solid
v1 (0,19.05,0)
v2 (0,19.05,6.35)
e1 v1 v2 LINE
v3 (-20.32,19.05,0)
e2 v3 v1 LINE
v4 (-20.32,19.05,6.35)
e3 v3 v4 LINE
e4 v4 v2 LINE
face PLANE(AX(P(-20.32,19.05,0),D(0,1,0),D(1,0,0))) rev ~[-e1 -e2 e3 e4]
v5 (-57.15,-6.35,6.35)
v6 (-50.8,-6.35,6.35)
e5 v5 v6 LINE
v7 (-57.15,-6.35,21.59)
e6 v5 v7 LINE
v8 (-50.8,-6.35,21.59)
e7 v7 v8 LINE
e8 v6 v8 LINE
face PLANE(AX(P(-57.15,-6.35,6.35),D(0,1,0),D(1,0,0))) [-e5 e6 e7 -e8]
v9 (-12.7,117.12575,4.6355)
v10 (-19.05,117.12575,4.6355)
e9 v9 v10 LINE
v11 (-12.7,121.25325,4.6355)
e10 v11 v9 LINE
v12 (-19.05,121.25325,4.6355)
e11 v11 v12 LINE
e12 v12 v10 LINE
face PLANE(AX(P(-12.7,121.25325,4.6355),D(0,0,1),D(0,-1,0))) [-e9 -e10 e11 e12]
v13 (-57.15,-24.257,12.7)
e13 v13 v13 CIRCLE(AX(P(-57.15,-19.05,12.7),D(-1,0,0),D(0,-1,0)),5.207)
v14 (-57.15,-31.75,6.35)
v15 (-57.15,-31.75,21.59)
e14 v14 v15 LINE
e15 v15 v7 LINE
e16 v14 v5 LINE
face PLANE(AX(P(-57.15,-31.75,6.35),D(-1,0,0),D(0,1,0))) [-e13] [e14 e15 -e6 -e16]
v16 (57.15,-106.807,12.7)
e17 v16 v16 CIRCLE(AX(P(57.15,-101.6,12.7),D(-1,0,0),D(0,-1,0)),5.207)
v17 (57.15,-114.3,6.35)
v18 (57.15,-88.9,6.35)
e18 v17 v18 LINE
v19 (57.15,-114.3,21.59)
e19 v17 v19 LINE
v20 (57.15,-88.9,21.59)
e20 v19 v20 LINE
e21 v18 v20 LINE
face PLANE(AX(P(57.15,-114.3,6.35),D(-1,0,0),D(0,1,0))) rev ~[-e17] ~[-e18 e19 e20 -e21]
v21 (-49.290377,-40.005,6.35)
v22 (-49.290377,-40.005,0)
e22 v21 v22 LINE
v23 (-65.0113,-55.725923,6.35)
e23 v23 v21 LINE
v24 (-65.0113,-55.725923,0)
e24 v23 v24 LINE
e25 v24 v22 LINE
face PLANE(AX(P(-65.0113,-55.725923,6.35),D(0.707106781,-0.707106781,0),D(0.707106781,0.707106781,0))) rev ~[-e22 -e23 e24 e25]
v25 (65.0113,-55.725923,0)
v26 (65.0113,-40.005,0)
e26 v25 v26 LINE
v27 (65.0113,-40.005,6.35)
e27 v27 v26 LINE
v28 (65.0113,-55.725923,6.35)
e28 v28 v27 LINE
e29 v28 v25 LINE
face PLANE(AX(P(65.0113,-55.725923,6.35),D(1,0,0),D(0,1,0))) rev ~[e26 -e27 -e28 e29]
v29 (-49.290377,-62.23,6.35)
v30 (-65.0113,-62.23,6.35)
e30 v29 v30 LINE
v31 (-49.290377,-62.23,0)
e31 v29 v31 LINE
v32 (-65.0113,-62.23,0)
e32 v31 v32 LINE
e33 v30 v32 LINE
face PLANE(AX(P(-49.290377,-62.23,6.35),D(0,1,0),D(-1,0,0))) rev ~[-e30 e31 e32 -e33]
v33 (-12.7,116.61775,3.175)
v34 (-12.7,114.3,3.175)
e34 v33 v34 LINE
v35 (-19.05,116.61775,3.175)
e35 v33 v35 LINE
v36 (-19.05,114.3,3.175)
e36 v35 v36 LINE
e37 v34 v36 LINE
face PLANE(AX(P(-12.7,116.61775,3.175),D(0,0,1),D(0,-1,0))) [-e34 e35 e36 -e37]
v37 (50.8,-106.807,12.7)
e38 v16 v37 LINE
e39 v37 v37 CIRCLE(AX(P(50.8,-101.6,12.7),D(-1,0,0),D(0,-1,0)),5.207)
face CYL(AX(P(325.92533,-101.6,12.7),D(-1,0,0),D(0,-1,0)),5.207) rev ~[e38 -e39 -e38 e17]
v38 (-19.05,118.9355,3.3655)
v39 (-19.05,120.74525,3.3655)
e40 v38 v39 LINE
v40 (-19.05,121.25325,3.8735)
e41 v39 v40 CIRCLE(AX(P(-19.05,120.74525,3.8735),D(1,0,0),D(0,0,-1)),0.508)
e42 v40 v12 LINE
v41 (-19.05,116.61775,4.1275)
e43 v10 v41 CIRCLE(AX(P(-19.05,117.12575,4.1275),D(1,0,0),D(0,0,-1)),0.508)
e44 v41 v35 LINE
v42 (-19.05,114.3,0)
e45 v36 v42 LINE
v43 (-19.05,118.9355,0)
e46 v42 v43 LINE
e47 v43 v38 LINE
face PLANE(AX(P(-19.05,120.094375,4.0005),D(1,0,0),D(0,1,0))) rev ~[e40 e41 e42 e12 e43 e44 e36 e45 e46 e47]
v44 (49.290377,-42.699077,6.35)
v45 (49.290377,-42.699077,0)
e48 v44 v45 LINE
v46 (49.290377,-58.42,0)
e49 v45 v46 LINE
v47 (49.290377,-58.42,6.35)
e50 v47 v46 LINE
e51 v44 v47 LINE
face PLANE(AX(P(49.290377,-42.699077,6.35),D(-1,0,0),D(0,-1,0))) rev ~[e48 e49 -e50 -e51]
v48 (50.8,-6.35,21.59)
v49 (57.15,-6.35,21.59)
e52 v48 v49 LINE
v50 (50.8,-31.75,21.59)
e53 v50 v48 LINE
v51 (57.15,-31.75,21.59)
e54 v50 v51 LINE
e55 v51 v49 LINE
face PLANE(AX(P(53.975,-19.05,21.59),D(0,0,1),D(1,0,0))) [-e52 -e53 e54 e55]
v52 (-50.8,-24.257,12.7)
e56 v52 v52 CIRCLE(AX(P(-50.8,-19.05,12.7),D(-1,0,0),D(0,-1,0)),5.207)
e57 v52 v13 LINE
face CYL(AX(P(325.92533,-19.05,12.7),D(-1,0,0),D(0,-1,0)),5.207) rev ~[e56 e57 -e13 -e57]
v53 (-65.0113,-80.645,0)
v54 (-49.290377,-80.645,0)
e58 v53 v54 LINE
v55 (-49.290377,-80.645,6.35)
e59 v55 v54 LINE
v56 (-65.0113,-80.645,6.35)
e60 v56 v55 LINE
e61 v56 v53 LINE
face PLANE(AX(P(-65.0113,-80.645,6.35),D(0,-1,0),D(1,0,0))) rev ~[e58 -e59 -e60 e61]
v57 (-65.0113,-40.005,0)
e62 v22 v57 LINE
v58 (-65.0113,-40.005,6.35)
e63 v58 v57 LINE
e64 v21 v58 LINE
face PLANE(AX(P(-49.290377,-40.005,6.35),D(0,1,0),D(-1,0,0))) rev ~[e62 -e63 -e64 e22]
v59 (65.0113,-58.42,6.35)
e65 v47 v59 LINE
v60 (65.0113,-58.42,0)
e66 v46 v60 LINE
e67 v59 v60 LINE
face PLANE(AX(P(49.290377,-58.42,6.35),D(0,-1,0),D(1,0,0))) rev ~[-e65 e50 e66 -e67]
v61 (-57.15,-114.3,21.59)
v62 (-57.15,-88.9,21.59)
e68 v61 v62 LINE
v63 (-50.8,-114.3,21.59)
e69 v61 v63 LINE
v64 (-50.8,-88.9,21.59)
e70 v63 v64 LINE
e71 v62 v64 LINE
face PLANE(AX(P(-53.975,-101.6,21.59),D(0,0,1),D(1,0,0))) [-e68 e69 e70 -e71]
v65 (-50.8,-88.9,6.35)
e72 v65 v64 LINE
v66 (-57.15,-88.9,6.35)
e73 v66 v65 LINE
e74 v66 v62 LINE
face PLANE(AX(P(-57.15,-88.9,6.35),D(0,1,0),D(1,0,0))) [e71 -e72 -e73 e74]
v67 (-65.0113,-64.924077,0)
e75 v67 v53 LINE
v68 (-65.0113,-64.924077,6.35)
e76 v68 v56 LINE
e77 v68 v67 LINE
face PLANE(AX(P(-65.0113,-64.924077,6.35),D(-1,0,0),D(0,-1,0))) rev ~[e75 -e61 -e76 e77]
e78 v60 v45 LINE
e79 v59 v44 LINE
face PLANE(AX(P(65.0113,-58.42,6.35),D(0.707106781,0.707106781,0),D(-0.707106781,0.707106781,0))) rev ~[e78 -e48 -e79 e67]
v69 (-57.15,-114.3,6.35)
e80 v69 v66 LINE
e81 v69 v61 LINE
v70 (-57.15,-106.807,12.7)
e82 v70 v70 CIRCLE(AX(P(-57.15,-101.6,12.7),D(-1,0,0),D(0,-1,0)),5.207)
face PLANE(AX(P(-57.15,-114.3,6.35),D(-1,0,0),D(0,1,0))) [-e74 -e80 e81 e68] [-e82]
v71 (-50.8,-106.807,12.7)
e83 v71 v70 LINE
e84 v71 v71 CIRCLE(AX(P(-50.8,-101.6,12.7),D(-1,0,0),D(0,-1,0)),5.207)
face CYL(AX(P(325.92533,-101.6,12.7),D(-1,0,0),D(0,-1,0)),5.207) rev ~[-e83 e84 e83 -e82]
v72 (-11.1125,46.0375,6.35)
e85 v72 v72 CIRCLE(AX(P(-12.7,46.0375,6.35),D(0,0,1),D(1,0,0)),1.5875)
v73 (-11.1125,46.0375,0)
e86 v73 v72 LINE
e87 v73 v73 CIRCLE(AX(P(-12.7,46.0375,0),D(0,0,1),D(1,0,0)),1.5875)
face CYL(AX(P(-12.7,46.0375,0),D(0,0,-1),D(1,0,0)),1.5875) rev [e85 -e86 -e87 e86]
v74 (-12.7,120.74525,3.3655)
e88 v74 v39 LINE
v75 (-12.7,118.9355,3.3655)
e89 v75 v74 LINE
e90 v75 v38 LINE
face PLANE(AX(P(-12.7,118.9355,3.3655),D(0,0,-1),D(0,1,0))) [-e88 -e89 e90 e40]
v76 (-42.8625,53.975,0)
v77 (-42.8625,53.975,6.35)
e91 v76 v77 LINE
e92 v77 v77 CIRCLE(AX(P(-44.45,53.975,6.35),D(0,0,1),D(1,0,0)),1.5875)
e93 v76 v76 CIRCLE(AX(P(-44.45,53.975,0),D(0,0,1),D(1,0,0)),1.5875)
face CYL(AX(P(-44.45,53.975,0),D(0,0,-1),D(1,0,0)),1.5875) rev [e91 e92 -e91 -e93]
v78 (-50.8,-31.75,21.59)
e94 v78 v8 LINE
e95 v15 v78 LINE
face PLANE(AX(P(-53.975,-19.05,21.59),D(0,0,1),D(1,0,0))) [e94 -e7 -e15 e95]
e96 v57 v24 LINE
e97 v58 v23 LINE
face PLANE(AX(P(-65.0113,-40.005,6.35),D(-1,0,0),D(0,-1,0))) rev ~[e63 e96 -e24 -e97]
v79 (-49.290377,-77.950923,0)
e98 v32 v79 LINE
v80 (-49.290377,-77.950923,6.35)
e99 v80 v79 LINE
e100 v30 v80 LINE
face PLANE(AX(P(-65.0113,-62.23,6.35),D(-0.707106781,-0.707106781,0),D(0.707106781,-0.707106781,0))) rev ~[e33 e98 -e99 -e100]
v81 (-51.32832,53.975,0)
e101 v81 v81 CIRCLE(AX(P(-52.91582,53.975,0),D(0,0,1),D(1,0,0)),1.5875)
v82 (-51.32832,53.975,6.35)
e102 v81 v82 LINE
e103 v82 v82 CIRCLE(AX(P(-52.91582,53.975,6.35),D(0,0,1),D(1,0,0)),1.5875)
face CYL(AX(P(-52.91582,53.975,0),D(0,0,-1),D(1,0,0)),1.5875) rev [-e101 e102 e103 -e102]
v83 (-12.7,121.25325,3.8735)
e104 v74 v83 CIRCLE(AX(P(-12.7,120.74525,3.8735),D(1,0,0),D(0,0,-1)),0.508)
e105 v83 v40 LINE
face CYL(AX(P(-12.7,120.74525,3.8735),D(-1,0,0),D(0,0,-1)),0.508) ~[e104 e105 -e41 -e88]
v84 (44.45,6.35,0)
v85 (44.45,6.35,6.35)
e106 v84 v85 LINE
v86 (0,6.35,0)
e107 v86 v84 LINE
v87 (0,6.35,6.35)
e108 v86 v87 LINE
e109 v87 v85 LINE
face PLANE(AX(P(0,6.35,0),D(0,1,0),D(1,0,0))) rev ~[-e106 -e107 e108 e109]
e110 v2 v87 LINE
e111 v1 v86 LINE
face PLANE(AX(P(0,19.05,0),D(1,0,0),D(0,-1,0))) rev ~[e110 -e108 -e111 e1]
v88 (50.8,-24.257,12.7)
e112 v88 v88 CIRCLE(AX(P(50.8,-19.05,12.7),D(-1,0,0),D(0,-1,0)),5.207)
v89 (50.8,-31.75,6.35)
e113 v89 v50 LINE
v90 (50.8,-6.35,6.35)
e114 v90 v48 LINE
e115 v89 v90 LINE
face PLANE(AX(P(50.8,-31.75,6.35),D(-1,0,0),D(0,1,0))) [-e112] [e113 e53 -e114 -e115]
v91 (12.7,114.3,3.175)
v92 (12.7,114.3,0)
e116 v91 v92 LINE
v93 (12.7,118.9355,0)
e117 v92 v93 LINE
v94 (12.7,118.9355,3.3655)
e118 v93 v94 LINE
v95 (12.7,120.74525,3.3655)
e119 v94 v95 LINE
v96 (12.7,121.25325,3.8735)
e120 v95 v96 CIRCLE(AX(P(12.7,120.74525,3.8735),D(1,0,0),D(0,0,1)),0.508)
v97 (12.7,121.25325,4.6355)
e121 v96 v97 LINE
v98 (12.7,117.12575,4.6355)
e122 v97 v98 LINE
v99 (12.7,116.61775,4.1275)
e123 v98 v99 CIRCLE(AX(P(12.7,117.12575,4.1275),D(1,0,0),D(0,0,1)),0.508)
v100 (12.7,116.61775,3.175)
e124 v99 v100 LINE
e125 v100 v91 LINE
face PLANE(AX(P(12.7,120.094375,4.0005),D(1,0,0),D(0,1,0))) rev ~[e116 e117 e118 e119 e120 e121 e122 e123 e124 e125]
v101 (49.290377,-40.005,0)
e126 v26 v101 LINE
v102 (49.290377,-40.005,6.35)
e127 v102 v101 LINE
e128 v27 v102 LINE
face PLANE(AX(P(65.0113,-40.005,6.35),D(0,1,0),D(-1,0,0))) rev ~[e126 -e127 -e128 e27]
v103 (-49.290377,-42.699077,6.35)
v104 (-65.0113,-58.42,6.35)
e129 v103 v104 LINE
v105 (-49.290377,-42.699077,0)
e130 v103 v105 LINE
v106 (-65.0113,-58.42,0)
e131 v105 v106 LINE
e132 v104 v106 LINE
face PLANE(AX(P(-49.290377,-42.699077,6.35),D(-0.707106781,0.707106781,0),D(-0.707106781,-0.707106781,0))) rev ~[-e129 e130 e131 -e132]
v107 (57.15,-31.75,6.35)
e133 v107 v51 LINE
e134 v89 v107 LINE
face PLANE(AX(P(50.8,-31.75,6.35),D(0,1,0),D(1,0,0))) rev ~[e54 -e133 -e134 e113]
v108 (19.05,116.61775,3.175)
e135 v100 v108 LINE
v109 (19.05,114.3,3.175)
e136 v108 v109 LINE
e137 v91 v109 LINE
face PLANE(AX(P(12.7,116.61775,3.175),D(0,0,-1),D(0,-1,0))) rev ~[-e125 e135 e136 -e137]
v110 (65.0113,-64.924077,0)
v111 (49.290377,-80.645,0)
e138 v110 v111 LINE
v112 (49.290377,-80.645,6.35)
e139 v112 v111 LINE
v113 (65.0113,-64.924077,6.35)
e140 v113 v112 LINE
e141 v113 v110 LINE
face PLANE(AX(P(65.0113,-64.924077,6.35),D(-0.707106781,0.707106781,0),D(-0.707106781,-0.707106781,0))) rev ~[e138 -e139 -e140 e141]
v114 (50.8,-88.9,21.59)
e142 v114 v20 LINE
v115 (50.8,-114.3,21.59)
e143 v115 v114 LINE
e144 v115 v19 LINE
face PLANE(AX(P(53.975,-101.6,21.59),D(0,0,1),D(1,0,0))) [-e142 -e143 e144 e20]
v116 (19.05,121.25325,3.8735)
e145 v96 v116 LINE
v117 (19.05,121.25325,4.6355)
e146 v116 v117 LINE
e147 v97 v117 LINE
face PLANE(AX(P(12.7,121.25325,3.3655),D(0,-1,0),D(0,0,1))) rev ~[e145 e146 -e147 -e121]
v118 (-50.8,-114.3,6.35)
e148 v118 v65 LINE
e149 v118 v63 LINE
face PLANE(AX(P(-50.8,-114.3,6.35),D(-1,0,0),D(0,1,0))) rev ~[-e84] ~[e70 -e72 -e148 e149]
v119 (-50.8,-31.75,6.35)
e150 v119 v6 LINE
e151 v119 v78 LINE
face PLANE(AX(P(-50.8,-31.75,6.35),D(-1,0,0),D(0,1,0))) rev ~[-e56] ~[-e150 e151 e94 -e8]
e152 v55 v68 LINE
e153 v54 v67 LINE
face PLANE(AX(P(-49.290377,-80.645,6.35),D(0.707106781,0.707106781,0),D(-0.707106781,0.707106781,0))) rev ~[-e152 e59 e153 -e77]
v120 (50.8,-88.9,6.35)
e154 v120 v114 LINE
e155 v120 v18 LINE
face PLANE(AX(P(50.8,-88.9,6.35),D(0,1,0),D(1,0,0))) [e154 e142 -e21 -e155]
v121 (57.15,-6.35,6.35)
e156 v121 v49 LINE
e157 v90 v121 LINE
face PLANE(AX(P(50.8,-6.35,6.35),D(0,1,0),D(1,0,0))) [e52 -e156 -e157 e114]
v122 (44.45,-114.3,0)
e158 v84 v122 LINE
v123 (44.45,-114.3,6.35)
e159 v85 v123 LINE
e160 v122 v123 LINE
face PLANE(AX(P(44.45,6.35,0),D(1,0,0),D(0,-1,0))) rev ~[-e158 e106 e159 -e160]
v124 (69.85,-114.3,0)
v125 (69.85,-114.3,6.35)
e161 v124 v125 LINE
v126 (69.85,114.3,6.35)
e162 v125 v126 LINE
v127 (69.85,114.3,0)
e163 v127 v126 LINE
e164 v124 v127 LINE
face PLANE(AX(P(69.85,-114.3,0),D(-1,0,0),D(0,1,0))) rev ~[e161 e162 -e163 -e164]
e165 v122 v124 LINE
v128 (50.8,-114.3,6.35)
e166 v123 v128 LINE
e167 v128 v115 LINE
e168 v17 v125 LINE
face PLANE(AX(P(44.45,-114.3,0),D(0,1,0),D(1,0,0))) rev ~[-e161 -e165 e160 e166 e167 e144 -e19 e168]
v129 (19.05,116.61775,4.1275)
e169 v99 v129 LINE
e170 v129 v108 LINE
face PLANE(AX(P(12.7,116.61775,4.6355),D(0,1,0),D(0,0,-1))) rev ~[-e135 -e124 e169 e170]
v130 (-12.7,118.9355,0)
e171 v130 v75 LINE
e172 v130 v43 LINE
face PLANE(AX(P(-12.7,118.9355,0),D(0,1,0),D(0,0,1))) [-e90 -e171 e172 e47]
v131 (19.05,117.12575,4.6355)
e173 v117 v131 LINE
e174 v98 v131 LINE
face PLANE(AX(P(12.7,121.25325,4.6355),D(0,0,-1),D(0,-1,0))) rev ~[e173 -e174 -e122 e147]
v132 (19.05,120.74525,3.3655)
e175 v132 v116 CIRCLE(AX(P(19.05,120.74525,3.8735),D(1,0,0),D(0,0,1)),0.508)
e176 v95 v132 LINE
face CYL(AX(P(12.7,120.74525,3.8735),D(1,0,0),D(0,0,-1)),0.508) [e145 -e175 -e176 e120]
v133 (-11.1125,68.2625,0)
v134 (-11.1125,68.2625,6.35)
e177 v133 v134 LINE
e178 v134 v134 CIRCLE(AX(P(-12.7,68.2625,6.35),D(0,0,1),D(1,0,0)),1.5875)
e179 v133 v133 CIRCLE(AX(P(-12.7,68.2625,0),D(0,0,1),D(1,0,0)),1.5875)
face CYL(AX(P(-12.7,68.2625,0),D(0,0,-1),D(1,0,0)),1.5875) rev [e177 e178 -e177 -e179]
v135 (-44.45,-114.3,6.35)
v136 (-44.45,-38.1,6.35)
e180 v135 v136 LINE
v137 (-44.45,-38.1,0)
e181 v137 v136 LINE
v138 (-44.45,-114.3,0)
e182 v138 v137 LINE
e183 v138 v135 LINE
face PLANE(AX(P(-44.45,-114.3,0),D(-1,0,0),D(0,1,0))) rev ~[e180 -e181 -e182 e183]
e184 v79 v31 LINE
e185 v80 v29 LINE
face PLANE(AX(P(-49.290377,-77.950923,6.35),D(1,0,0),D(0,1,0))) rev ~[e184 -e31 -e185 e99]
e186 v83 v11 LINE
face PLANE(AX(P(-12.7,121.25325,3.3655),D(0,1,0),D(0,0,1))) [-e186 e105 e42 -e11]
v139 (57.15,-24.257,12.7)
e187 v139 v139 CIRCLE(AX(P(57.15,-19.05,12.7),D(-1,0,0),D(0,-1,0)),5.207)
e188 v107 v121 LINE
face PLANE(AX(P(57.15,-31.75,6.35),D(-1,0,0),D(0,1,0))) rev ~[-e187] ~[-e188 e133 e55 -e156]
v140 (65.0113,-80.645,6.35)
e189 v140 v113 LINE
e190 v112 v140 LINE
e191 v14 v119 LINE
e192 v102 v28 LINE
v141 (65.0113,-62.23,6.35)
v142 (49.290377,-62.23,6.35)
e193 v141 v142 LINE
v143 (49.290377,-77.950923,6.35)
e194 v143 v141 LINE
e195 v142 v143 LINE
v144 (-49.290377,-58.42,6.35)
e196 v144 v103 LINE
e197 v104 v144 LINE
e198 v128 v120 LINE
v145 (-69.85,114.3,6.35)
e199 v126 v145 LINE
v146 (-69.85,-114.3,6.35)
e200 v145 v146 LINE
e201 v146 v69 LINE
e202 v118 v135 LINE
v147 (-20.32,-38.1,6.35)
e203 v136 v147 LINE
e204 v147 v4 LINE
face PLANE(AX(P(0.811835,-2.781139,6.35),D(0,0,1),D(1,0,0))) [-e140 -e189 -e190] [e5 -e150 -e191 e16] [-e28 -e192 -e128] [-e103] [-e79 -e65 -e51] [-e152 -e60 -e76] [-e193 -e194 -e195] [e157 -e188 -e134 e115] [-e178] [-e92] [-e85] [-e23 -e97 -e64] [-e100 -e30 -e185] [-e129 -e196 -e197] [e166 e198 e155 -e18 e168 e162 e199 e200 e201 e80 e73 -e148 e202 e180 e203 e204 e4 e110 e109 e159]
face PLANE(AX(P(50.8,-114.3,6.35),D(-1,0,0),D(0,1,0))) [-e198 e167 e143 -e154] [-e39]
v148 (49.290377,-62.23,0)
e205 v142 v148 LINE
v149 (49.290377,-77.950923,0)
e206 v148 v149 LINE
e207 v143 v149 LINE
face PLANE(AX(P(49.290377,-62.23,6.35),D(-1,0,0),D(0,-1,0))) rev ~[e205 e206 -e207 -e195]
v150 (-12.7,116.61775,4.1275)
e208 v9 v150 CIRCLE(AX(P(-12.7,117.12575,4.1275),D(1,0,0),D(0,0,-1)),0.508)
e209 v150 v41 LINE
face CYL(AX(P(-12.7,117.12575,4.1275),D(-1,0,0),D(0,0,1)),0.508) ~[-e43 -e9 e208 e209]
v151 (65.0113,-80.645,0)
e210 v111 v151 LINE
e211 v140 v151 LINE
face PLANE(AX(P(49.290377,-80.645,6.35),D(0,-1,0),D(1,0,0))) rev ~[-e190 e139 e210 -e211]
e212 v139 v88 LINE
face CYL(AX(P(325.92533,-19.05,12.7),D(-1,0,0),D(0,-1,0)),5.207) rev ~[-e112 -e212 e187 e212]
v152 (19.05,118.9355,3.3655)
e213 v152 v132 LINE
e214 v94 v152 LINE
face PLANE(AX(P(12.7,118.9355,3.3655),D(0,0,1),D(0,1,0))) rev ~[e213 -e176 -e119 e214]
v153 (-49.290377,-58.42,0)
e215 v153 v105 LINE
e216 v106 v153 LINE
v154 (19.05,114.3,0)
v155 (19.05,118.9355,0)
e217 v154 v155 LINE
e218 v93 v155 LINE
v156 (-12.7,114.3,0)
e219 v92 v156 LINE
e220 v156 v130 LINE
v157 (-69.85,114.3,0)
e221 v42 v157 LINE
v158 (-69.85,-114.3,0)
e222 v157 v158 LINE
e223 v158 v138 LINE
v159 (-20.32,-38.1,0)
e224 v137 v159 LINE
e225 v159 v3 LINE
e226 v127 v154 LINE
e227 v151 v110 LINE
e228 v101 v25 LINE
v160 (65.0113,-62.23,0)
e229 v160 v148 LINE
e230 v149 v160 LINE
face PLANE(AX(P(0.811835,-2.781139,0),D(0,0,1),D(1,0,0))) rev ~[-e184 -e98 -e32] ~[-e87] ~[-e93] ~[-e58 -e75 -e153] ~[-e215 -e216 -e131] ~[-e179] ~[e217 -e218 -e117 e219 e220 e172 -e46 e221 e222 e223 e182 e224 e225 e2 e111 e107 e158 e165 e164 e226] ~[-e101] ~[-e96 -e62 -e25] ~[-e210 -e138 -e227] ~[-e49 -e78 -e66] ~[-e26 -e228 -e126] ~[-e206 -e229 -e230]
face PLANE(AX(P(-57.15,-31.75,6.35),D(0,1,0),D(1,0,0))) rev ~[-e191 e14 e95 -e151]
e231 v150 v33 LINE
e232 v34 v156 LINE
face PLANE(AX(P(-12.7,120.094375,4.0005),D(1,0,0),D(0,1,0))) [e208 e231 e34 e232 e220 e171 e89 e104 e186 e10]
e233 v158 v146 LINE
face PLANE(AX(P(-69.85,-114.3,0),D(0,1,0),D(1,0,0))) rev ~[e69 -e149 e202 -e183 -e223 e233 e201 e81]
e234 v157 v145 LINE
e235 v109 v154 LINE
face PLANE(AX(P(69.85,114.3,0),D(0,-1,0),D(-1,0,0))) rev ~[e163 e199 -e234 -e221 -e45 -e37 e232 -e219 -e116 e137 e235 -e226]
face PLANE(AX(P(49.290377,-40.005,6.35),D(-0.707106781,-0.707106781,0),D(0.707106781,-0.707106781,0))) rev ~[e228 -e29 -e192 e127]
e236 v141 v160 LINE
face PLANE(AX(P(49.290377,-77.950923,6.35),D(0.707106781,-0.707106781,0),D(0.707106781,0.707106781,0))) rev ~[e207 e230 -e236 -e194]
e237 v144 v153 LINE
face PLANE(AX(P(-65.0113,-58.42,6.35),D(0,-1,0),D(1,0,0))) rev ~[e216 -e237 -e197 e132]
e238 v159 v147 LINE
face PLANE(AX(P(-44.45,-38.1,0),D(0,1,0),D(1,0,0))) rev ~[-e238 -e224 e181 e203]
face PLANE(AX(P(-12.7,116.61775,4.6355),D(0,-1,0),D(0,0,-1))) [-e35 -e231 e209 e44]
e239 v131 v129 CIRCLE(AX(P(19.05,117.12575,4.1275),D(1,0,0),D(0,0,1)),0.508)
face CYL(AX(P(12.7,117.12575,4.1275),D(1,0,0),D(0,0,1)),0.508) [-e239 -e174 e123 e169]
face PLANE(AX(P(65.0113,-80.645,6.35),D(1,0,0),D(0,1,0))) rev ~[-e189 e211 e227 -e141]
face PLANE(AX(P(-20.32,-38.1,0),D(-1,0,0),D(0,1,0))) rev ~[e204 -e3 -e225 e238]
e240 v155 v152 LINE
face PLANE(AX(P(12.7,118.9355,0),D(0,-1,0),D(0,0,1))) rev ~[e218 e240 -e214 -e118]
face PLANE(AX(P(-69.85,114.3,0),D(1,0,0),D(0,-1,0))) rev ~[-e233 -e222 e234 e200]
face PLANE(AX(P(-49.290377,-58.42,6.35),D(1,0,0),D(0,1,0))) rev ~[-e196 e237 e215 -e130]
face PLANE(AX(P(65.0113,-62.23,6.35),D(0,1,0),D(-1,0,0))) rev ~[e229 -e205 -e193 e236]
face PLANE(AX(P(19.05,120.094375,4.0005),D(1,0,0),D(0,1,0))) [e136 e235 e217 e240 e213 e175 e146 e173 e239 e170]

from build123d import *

# Parameters (mm, degrees)
F0_R      = 1.5875
F1_DEPTH  = 6.35
F2_W      = 6.35
F2_H      = 25.4
F3_DEPTH  = 15.24
F5_D      = 10.414
F8_W      = 2.31775
F8_H      = 1.27
F9_DEPTH  = 6.35
F11_W     = 2.31775
F11_H     = 1.27
F12_DEPTH = 6.35
F13_R     = 0.508
F15_DEPTH = 25.4


with BuildPart() as f1:
    # F0 (on Top) → F1 (new body)
    with BuildSketch(Plane.XY):
        Polygon((69.85, 114.3), (-69.85, 114.3), (-69.85, -114.3), (-44.45, -114.3), (-44.45, -107.95), (-44.45, -38.1), (-20.32, -38.1), (-20.32, 19.05), (0, 19.05), (0, 6.35), (44.45, 6.35), (44.45, -38.1), (44.45, -88.9), (44.45, -95.25), (44.45, -114.3), (69.85, -114.3), align=None)
        with Locations((-52.91582, 53.975)):
            Circle(F0_R, mode=Mode.SUBTRACT)
        with Locations((-44.45, 53.975)):
            Circle(F0_R, mode=Mode.SUBTRACT)
        with Locations((-12.7, 46.0375)):
            Circle(F0_R, mode=Mode.SUBTRACT)
        with Locations((-12.7, 68.2625)):
            Circle(F0_R, mode=Mode.SUBTRACT)
    extrude(amount=F1_DEPTH)

    # F2 (on face) → F3 (join)
    with BuildSketch(Plane.XY.offset(6.35)):
        with Locations((-53.975, -101.6)):
            Rectangle(F2_W, F2_H)
        with Locations((53.975, -101.6)):
            Rectangle(F2_W, F2_H)
        with Locations((-53.975, -19.05)):
            Rectangle(F2_W, F2_H)
        with Locations((53.975, -19.05)):
            Rectangle(F2_W, F2_H)
    extrude(amount=F3_DEPTH)

    # F5 (through all)
    with Locations(Plane.YZ.offset(57.15)):
        with Locations((-101.6, 12.7), (-19.05, 12.7)):
            Hole(F5_D / 2)

    # F8 (on offset) → F9 (join)
    with BuildSketch(Plane.YZ.offset(12.7)):
        with Locations((120.094375, 4.0005)):
            Rectangle(F8_W, F8_H)
        Polygon((118.9355, 3.3655), (118.9355, 4.6355), (116.61775, 4.6355), (116.61775, 3.175), (114.3, 3.175), (114.3, 0), (118.9355, 0), align=None)
    extrude(amount=F9_DEPTH)

    # F11 (on offset) → F12 (join)
    with BuildSketch(Plane.YZ.offset(-12.7)):
        with Locations((120.094375, 4.0005)):
            Rectangle(F11_W, F11_H)
        Polygon((118.9355, 3.3655), (118.9355, 4.6355), (116.61775, 4.6355), (116.61775, 3.175), (114.3, 3.175), (114.3, 0), (118.9355, 0), align=None)
    extrude(amount=-F12_DEPTH)

    # F13
    f13_edges = [f1.edges().sort_by_distance(p)[0] for p in [
        (15.875, 121.25325, 3.3655),
        (-15.875, 121.25325, 3.3655),
        (-15.875, 116.61775, 4.6355),
        (15.875, 116.61775, 4.6355),
    ]]
    fillet(f13_edges, radius=F13_R)

    # F14 (on face) → F15 (cut)
    with BuildSketch(Plane.XY.offset(6.35)):
        Polygon((-49.2903768363, -40.005), (-65.0113, -40.005), (-65.0113, -55.7259231637), align=None)
        Polygon((-49.2903768363, -58.42), (-49.2903768363, -42.6990768363), (-65.0113, -58.42), align=None)
        Polygon((-49.2903768363, -62.23), (-65.0113, -62.23), (-49.2903768363, -77.9509231637), align=None)
        Polygon((-65.0113, -64.9240768363), (-65.0113, -80.645), (-49.2903768363, -80.645), align=None)
        Polygon((65.0113, -64.9240768363), (49.2903768363, -80.645), (65.0113, -80.645), align=None)
        Polygon((49.2903768363, -77.9509231637), (65.0113, -62.23), (49.2903768363, -62.23), align=None)
        Polygon((65.0113, -58.42), (49.2903768363, -42.6990768363), (49.2903768363, -58.42), align=None)
        Polygon((49.2903768363, -40.005), (65.0113, -55.7259231637), (65.0113, -40.005), align=None)
    extrude(amount=-F15_DEPTH, mode=Mode.SUBTRACT)


solid = f1.part
